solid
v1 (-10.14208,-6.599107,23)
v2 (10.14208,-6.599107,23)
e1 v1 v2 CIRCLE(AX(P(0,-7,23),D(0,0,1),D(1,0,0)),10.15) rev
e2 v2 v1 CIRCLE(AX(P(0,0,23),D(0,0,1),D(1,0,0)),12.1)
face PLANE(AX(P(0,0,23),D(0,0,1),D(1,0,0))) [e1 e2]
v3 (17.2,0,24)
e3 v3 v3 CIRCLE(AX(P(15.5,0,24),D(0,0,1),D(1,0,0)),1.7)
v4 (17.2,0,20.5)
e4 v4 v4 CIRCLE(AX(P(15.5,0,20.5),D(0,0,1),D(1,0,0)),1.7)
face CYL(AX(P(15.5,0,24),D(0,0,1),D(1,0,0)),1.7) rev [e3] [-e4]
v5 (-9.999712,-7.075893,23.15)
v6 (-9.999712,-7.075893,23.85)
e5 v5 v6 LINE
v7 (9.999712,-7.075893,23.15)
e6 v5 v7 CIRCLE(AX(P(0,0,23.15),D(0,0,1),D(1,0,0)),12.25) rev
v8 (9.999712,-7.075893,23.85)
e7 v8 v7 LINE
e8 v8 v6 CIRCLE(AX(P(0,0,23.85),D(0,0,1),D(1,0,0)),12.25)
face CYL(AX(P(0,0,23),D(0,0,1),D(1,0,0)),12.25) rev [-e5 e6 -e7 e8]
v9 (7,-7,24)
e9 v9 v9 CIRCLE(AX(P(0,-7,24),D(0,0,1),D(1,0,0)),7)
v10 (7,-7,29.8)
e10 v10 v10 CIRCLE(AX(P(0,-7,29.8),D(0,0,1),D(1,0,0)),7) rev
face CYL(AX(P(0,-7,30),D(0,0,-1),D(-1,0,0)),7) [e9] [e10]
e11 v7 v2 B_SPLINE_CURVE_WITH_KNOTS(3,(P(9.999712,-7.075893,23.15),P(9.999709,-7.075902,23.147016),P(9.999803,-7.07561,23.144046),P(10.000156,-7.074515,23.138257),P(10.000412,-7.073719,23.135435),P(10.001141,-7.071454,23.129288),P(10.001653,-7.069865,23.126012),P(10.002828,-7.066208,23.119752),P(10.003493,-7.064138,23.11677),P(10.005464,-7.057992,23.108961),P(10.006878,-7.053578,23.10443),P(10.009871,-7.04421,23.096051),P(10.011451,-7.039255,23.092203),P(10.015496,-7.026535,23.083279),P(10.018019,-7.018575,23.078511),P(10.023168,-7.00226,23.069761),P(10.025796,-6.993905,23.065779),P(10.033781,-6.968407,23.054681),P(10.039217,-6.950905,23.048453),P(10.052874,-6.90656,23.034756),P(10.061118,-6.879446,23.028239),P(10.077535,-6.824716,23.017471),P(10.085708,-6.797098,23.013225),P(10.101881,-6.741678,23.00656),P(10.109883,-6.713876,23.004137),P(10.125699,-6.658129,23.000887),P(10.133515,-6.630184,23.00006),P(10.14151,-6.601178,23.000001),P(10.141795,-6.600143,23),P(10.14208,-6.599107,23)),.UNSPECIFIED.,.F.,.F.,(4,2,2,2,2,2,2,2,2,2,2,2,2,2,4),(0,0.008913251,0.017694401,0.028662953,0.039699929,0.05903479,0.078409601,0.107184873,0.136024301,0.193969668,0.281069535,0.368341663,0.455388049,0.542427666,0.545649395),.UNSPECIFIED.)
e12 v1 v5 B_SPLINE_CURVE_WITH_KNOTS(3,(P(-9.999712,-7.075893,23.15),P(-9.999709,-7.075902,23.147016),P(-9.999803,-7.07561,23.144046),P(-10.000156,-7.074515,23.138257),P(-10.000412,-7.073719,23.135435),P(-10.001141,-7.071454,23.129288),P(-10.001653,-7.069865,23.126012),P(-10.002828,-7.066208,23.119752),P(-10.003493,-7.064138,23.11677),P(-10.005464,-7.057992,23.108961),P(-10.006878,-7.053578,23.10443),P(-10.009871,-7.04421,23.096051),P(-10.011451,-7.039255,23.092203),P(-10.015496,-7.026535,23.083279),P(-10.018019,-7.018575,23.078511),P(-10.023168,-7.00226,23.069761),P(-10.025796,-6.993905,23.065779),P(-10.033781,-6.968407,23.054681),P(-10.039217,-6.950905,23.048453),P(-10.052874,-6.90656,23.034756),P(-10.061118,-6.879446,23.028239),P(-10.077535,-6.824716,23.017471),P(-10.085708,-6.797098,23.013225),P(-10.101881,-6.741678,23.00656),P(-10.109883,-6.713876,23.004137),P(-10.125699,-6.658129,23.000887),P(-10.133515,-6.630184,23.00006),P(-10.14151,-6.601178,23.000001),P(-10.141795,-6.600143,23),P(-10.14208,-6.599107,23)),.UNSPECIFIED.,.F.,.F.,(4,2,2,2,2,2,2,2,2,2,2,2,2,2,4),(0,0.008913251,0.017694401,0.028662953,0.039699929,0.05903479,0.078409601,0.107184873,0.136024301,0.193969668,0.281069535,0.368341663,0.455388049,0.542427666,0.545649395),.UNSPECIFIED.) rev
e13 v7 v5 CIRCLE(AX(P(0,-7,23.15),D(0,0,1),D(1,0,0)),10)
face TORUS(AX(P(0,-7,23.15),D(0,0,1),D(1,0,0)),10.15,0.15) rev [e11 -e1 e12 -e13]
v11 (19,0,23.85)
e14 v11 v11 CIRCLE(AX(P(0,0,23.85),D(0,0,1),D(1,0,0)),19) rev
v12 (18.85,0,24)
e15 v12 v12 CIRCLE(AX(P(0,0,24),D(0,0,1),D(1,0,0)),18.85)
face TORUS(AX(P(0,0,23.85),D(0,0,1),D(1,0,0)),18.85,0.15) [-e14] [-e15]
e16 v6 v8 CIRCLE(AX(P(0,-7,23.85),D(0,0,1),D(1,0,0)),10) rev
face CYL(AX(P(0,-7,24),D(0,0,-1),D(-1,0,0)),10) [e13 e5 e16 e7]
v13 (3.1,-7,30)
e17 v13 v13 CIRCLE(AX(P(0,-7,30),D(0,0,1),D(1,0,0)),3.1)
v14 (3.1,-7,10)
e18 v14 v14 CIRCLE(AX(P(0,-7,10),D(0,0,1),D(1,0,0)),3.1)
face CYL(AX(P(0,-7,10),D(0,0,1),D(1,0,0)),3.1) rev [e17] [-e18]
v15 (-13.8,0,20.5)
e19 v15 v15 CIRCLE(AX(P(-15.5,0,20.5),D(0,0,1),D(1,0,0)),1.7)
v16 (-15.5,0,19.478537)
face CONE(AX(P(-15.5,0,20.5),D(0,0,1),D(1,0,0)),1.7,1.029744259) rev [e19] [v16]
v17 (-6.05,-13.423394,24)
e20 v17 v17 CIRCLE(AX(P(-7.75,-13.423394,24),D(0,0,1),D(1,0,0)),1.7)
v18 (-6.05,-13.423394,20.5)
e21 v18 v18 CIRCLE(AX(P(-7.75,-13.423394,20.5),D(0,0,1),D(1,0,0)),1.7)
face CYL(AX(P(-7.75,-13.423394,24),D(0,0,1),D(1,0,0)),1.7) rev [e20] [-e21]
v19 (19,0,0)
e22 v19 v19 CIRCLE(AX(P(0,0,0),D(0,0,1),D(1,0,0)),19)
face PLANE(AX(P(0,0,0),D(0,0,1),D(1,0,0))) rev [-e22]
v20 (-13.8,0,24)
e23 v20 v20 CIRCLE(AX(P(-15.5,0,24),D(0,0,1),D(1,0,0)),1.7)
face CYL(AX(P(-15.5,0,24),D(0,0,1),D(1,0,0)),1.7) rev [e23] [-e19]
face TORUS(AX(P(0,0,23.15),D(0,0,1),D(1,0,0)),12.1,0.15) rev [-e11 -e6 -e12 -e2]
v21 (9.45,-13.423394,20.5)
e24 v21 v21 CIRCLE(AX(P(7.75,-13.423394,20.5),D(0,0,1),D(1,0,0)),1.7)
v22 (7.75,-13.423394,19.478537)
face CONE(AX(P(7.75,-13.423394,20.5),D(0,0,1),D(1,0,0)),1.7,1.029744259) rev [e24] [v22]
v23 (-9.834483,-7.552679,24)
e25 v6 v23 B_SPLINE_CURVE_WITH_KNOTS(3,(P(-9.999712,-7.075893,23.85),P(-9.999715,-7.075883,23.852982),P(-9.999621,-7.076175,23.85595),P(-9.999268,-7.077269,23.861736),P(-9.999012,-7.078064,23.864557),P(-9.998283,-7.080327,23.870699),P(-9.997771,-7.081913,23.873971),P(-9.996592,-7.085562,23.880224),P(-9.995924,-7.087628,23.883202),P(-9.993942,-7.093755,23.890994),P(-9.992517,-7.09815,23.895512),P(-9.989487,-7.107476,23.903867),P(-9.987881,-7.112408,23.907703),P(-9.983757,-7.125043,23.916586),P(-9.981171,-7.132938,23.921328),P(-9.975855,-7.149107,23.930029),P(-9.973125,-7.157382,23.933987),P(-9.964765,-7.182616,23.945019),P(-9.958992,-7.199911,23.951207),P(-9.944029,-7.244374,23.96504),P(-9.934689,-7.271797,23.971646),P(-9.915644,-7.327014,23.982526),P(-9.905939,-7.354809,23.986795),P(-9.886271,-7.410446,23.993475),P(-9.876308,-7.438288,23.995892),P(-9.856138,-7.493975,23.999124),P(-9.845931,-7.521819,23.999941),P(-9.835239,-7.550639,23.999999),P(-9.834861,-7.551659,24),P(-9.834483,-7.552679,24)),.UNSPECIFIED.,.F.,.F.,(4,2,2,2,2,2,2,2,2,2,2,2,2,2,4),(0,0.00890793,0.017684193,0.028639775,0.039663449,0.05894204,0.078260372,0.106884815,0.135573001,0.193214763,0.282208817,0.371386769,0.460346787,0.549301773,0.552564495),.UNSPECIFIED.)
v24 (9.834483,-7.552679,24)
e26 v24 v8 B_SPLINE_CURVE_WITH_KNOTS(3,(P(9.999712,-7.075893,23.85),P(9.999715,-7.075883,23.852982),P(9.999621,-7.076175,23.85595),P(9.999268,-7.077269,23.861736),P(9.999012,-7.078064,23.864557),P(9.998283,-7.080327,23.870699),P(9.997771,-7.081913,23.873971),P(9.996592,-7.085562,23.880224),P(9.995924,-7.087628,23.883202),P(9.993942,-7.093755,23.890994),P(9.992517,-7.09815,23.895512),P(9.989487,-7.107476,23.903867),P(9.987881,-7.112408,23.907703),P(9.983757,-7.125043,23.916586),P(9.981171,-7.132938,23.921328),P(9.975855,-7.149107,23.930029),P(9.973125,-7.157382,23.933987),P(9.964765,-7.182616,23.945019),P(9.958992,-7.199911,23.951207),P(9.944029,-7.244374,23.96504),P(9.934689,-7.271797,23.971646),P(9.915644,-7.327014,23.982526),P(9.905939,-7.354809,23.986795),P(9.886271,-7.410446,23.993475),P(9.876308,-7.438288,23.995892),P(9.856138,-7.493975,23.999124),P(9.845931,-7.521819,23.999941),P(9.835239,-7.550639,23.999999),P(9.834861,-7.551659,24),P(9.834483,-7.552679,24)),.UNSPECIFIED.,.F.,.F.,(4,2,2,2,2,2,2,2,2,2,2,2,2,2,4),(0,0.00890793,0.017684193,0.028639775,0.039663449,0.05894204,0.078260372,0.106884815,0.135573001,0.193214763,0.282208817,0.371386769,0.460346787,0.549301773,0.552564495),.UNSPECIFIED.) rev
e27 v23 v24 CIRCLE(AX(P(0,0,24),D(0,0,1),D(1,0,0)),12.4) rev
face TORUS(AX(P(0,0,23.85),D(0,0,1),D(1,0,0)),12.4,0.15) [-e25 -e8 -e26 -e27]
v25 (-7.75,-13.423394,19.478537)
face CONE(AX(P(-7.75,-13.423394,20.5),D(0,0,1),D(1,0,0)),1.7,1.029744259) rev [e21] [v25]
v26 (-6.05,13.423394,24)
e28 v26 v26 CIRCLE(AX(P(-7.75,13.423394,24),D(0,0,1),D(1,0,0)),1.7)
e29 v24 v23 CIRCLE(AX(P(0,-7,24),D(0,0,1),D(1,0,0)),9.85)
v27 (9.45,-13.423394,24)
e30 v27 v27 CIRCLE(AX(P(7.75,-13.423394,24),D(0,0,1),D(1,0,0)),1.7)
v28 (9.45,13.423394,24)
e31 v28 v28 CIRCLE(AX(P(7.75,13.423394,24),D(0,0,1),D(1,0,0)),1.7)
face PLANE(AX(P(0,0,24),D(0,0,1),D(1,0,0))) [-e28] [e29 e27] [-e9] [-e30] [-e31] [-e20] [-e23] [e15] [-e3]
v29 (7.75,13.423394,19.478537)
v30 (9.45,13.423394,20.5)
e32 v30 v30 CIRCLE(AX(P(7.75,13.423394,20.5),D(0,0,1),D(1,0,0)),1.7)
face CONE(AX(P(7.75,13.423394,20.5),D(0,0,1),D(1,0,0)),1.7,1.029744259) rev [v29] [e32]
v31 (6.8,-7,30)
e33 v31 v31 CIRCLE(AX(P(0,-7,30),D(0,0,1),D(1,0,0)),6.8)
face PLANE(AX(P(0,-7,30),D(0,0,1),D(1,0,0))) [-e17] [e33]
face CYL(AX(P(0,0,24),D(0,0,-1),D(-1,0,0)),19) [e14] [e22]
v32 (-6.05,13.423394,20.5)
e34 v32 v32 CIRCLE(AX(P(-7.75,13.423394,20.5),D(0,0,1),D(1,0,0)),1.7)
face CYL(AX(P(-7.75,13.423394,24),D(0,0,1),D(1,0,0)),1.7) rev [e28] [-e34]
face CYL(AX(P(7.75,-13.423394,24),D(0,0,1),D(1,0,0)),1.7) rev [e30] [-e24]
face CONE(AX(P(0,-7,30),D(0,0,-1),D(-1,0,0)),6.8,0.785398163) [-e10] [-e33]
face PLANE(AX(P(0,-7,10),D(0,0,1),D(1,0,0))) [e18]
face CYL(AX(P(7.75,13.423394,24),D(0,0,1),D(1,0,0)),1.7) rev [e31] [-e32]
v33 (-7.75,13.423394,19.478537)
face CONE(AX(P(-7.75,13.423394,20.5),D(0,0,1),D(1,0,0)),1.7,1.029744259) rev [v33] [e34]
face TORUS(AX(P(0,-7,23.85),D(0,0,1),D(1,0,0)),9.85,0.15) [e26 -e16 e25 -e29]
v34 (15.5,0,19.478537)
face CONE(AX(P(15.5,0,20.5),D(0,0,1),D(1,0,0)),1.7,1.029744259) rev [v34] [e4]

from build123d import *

# Parameters (mm, degrees)
SKETCH1_R                = 19
BOSS_EXTRUDE1_DEPTH      = 24
SKETCH3_R                = 12.25
CUT_EXTRUDE1_DEPTH       = 1
SKETCH4_R                = 10
BOSS_EXTRUDE4_DEPTH      = 1
SKETCH9_R                = 7
BOSS_EXTRUDE5_DEPTH      = 6
SKETCH10_R               = 3.1
CUT_EXTRUDE2_DEPTH       = 20
M3_CLEARANCE_HOLE1_D     = 3.4
M3_CLEARANCE_HOLE1_DEPTH = 3.5
M3_CLEARANCE_HOLE1_TIP   = 1.021463052
FILLET1_R                = 0.15
CHAMFER1_SIZE            = 0.2


with BuildPart() as part:
    # Sketch1 → Boss-Extrude1 (new body)
    with BuildSketch(Plane.XY):
        Circle(SKETCH1_R)
    extrude(amount=BOSS_EXTRUDE1_DEPTH)

    # Sketch3 → Cut-Extrude1 (cut)
    with BuildSketch(Plane.XY.offset(24)):
        Circle(SKETCH3_R)
    extrude(amount=-CUT_EXTRUDE1_DEPTH, mode=Mode.SUBTRACT)

    # Sketch4 → Boss-Extrude4 (add)
    with BuildSketch(Plane.XY.offset(23)):
        with Locations((0, -7)):
            Circle(SKETCH4_R)
    extrude(amount=BOSS_EXTRUDE4_DEPTH)

    # Sketch9 → Boss-Extrude5 (add)
    with BuildSketch(Plane.XY.offset(24)):
        with Locations((0, -7)):
            Circle(SKETCH9_R)
    extrude(amount=BOSS_EXTRUDE5_DEPTH)

    # Sketch10 → Cut-Extrude2 (cut)
    with BuildSketch(Plane.XY.offset(30)):
        with Locations((0, -7)):
            Circle(SKETCH10_R)
    extrude(amount=-CUT_EXTRUDE2_DEPTH, mode=Mode.SUBTRACT)

    # M3 Clearance Hole1
    with Locations(Plane.XY.offset(24)):
        with Locations((15.5, 0), (-15.5, 0), (-7.75, 13.423393759), (7.75, 13.423393759), (-7.75, -13.423393759), (7.75, -13.423393759)):
            Hole(M3_CLEARANCE_HOLE1_D / 2, depth=M3_CLEARANCE_HOLE1_DEPTH)
            with Locations((0, 0, -(M3_CLEARANCE_HOLE1_DEPTH + M3_CLEARANCE_HOLE1_TIP / 2))):  # 118° drill point
                Cone(0, M3_CLEARANCE_HOLE1_D / 2, M3_CLEARANCE_HOLE1_TIP, mode=Mode.SUBTRACT)

    # Fillet1
    fillet1_edges = [part.edges().sort_by_distance(p)[0] for p in [
        (0, 3, 23),
        (0, 12.25, 24),
        (0, 3, 24),
        (-19, 0, 24),
        (0, 12.25, 23),
    ]]
    fillet(fillet1_edges, radius=FILLET1_R)

    # Chamfer1
    chamfer1_edges = [part.edges().sort_by_distance(p)[0] for p in [
        (-7, -7, 30),
    ]]
    chamfer(chamfer1_edges, length=CHAMFER1_SIZE)


solid = part.part
